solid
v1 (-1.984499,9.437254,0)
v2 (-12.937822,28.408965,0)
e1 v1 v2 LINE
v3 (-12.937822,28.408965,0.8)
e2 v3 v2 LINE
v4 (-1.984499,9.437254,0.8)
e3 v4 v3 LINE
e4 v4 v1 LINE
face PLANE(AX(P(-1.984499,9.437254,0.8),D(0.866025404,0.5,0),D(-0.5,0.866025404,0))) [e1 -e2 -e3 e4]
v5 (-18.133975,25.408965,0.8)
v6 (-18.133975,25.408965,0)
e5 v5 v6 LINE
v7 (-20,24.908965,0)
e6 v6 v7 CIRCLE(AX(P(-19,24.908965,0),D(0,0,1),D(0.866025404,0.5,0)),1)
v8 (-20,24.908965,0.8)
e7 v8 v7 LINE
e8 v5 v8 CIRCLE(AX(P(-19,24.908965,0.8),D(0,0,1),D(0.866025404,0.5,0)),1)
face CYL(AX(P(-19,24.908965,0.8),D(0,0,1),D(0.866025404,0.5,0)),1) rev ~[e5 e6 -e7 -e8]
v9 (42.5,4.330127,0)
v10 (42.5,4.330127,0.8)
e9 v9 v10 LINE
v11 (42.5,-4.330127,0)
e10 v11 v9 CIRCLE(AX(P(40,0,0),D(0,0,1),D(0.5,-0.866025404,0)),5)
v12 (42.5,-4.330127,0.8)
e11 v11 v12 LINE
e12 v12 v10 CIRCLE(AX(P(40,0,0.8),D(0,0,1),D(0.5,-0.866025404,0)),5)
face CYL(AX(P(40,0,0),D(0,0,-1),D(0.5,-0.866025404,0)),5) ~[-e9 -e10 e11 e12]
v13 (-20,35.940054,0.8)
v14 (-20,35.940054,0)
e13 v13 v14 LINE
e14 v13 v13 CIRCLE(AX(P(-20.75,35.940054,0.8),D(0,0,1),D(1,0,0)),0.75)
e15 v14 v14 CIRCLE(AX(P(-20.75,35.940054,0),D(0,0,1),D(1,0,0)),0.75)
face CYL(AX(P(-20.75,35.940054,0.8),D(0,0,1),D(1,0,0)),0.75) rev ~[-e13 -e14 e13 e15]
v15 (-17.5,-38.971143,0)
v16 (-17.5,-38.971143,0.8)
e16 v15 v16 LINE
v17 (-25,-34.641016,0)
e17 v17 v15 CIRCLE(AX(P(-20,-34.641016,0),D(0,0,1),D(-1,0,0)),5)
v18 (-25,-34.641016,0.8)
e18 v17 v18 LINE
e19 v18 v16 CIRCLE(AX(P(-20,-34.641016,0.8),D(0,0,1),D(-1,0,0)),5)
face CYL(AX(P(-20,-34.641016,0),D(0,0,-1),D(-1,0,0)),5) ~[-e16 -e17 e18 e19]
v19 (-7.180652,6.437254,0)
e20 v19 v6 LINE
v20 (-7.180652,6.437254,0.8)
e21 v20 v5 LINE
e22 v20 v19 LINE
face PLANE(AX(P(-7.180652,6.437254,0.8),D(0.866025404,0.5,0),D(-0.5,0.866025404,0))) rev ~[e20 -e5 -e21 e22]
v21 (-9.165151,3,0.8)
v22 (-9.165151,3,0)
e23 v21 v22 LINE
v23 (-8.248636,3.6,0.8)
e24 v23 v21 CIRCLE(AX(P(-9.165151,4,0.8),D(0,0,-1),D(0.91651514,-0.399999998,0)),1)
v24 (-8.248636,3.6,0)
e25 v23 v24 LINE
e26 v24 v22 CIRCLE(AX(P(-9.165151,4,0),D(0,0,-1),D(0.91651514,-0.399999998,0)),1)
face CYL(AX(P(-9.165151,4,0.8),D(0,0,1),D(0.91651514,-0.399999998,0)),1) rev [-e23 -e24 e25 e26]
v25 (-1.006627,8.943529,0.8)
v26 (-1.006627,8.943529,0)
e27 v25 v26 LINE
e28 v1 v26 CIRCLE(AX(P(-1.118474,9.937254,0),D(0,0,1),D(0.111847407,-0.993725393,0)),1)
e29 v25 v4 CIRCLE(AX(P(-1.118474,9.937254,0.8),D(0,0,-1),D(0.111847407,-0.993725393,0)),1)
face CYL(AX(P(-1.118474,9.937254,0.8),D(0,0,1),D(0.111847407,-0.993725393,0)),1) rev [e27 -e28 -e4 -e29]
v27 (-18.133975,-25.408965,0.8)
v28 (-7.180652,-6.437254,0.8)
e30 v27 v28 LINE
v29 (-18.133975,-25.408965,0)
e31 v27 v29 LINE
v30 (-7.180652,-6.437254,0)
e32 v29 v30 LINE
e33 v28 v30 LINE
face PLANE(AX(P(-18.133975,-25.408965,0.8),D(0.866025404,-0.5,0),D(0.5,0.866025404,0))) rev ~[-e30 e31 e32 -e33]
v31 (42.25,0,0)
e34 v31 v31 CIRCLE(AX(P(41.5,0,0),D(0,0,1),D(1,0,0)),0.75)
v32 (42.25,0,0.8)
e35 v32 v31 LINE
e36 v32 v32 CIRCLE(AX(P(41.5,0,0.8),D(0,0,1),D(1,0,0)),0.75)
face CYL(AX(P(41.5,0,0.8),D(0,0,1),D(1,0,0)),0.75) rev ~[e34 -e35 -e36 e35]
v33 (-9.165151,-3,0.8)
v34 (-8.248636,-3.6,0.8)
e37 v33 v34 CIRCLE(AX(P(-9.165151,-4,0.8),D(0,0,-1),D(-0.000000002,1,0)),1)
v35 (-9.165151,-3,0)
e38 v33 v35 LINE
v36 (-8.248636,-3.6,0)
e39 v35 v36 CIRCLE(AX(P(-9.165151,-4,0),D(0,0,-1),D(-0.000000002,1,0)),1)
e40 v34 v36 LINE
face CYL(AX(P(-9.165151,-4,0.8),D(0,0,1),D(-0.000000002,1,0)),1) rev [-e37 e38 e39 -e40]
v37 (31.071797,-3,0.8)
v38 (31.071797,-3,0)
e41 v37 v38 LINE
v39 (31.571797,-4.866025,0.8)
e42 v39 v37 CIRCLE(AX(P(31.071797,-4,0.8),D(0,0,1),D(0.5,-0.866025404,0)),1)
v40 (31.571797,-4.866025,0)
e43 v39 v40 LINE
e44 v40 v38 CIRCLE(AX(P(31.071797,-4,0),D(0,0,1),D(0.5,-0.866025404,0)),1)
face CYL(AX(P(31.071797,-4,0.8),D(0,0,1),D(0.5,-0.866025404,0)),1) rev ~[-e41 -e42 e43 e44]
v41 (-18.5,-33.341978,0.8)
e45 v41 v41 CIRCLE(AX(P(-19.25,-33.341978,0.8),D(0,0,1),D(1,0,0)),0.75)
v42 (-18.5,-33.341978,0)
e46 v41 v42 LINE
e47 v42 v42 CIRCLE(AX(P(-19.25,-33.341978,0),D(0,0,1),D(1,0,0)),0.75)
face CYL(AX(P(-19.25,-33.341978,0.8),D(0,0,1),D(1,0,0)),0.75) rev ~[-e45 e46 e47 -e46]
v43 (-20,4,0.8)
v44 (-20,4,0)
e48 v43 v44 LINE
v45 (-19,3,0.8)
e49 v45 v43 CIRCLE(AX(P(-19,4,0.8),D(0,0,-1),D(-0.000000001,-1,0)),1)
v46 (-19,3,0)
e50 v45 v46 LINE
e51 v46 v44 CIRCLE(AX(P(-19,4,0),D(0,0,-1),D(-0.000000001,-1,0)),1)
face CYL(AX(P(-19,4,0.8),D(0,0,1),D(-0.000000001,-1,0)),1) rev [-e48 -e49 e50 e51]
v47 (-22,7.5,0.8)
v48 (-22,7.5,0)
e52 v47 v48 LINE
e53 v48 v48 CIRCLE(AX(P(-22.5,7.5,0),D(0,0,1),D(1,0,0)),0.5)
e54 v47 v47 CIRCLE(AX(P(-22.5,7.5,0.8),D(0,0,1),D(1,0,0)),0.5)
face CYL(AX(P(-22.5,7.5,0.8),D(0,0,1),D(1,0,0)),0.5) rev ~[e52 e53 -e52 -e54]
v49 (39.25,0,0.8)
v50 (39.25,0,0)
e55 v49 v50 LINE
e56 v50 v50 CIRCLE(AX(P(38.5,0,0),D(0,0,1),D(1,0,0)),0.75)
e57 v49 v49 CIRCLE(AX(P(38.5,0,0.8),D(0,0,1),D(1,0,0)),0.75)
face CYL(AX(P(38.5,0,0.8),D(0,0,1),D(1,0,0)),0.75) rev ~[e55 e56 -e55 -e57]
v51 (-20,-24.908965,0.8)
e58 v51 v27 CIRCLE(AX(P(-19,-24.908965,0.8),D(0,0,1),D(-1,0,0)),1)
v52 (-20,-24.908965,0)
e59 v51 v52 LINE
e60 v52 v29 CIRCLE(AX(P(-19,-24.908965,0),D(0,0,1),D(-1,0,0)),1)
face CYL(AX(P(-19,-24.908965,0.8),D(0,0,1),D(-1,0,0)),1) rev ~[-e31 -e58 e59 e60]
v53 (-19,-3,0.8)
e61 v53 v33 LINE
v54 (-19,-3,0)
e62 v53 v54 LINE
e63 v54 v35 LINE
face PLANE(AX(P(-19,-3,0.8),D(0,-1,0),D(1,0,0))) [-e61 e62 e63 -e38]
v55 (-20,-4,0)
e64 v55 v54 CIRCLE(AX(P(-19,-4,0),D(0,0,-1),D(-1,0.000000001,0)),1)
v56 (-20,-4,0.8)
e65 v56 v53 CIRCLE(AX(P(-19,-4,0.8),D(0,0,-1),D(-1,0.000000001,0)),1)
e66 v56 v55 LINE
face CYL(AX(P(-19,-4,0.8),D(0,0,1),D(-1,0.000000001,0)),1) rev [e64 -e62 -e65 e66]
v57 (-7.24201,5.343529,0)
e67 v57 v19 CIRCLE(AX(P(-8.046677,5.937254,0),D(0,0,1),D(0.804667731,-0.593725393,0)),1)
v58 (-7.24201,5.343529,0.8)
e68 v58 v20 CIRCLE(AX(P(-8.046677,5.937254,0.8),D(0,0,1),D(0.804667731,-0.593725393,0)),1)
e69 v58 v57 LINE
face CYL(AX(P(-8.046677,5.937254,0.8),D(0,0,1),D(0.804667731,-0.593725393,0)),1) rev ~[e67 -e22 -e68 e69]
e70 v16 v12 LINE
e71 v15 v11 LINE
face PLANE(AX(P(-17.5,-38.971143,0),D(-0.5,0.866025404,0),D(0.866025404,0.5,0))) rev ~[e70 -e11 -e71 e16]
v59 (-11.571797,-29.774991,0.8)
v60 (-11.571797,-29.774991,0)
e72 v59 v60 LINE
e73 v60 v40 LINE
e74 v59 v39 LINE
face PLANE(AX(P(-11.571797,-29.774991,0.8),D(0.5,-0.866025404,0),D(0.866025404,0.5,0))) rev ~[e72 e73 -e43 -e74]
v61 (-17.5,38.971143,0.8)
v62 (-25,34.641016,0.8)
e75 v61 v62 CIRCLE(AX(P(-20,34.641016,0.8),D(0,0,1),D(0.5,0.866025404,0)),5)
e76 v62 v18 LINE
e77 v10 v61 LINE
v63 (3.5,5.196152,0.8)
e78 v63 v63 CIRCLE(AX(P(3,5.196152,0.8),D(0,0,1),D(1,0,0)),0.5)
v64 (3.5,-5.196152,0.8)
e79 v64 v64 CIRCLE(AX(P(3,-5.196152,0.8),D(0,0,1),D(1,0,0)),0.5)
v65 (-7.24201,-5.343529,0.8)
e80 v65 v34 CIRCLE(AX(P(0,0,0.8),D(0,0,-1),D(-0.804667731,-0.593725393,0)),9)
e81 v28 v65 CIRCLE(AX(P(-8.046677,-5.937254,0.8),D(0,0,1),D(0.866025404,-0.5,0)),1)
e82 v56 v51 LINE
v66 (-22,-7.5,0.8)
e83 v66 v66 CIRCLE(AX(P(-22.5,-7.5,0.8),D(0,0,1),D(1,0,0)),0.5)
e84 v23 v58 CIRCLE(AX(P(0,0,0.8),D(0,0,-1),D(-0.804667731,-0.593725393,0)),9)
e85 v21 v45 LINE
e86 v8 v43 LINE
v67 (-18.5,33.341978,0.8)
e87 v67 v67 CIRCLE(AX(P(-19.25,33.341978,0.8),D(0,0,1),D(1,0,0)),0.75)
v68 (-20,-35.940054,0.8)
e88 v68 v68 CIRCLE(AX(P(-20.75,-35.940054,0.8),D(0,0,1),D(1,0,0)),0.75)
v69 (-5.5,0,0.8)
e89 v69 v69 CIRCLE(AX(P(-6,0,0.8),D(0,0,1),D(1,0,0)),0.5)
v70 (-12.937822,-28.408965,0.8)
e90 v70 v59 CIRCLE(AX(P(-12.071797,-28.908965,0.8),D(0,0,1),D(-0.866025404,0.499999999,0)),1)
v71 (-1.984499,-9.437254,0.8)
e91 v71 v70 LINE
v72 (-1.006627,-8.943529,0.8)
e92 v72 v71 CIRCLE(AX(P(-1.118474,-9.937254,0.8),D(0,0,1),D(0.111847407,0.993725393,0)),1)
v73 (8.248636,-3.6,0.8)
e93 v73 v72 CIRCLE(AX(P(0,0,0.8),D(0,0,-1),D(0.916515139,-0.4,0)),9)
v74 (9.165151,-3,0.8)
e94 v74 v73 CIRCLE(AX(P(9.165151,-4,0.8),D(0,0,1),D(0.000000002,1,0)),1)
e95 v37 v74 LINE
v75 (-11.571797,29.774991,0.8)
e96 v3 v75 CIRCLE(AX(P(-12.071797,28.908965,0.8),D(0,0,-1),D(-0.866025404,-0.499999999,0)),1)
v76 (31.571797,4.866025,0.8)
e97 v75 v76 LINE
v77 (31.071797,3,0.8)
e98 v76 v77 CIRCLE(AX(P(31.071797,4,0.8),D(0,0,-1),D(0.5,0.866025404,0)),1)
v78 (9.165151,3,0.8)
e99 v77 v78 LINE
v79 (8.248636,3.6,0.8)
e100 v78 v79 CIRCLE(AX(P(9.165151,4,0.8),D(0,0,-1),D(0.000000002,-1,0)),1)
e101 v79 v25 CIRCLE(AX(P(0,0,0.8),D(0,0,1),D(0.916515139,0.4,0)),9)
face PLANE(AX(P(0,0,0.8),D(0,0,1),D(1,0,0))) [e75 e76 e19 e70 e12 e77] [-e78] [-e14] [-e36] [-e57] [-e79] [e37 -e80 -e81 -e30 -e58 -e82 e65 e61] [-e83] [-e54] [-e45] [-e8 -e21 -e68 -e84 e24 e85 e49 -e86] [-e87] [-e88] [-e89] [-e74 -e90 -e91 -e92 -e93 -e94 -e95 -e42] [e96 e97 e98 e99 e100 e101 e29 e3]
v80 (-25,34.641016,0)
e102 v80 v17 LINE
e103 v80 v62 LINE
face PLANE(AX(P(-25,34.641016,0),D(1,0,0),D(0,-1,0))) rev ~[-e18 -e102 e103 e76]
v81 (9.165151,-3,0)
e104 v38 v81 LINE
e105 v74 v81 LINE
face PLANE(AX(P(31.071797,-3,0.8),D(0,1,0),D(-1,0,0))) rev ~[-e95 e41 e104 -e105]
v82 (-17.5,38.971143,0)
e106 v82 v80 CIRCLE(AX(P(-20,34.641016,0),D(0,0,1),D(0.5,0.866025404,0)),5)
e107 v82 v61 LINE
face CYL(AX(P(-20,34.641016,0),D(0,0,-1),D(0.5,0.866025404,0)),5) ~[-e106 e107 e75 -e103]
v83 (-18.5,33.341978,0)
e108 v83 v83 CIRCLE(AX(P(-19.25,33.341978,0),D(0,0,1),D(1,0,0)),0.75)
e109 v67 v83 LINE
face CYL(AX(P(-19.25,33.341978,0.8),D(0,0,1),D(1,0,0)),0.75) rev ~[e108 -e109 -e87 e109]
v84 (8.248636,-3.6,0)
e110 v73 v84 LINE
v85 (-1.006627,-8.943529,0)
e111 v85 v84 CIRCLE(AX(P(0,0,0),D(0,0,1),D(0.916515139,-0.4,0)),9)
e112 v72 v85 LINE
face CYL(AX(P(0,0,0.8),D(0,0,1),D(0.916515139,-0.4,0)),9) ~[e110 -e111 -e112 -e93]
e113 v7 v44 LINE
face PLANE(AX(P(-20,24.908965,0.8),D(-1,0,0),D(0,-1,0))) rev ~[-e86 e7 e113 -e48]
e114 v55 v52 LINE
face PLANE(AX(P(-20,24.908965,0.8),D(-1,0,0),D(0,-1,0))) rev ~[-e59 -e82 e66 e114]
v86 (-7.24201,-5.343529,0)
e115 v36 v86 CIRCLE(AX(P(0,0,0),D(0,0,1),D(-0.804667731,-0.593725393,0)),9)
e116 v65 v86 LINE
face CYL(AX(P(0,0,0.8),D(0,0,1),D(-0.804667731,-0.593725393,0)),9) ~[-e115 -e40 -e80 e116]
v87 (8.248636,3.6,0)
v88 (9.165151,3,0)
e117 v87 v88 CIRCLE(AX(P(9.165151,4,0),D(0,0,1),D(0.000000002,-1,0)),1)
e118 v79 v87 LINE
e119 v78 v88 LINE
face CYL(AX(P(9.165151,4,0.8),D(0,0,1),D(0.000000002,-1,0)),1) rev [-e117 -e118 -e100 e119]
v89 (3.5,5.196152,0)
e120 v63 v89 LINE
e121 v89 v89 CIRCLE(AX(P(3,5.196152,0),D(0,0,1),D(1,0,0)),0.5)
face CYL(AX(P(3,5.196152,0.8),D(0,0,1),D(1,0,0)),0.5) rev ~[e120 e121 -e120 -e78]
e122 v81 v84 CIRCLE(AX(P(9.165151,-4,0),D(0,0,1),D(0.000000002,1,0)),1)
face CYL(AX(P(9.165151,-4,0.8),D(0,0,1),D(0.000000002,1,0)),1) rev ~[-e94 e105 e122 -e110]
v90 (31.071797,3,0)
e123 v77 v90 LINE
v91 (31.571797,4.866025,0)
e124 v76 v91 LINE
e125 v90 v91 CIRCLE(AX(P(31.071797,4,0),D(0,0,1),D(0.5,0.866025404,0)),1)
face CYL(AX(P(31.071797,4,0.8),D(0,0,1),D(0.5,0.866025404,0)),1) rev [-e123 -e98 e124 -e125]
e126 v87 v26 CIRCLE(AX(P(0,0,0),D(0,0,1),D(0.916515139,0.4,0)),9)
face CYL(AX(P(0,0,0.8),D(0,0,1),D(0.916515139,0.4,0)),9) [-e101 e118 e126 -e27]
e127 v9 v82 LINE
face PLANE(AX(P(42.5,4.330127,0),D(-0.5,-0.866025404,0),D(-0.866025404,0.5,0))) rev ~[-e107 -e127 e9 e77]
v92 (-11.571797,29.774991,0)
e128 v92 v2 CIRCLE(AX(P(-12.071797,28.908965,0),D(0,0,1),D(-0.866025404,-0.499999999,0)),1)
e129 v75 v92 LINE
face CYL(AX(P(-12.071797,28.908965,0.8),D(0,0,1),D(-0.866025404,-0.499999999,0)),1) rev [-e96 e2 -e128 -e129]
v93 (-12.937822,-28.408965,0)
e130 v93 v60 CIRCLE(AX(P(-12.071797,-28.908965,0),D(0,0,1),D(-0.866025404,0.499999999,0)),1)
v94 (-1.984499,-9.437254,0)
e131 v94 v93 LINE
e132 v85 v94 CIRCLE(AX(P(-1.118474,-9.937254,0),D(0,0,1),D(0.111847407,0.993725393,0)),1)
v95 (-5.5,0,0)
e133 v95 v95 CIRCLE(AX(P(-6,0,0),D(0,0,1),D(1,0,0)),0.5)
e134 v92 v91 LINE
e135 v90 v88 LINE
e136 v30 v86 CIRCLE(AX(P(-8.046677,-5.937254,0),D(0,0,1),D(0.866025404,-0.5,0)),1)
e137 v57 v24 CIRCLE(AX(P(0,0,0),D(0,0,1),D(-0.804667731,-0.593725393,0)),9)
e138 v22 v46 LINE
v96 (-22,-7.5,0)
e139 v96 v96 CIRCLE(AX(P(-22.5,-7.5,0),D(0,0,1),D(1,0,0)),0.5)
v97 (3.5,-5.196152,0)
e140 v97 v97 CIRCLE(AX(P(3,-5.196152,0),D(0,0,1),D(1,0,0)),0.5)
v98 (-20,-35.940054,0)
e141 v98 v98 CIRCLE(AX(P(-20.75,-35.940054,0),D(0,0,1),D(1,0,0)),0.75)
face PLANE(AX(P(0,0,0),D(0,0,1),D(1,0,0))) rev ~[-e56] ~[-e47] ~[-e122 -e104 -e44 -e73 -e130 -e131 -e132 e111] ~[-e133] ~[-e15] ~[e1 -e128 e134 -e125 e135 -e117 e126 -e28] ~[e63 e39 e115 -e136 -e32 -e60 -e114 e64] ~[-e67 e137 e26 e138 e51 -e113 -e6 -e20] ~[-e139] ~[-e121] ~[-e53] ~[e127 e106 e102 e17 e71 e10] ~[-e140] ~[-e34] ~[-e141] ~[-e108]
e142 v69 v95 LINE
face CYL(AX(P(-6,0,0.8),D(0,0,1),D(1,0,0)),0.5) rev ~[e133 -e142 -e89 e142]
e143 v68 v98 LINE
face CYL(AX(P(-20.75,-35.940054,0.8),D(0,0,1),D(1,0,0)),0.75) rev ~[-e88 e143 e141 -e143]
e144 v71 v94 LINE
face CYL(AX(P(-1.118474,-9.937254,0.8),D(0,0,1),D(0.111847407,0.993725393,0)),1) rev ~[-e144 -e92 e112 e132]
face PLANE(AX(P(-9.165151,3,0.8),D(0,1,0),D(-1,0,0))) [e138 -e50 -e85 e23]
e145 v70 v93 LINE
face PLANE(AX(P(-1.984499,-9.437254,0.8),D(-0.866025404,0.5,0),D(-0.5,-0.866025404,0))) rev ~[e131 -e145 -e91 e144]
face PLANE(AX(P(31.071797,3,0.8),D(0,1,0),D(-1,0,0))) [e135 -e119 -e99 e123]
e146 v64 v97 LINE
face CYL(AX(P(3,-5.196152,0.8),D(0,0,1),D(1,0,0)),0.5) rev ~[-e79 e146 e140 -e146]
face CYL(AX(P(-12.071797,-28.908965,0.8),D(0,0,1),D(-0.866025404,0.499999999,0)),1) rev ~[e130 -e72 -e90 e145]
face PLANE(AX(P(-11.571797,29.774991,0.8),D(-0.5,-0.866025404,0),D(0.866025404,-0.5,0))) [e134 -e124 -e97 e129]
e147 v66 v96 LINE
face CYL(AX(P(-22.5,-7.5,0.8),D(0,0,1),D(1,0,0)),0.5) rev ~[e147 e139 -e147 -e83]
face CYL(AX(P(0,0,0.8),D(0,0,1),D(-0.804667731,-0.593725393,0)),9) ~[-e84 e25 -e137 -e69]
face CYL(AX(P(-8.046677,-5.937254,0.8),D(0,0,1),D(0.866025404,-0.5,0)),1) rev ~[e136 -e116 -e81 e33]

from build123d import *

# Parameters (mm, degrees)
BOARD_DEPTH     = 0.8
CUT_DEPTH       = 60.975412975
HOLESSKE_R      = 0.5
HOLES_DEPTH     = 60.975412975
HOLES2SKE_R     = 0.75
HOLES2_DEPTH    = 60.975412975
HOLES3SKE_R     = 0.5
HOLES3_DEPTH    = 60.975412975
REINFORCE_START = 0.8
REINFORCE_DEPTH = 0.8


with BuildPart() as part:
    # BoardSke → Board (new body)
    with BuildSketch(Plane.XY):
        with BuildLine():
            Line((42.5, 4.330127019), (-17.5, 38.97114317))
            ThreePointArc((-17.5, 38.97114317), (-22.5, 38.97114317), (-25, 34.641016151))
            Line((-25, 34.641016151), (-25, -34.641016151))
            ThreePointArc((-25, -34.641016151), (-22.5, -38.97114317), (-17.5, -38.97114317))
            Line((-17.5, -38.97114317), (42.5, -4.330127019))
            ThreePointArc((42.5, -4.330127019), (45, 0), (42.5, 4.330127019))
        make_face()
    extrude(amount=BOARD_DEPTH)

    # CutSke → Cut (cut, through all)
    with BuildSketch(Plane.XY.offset(0.8)):
        with BuildLine():
            Line((31.07179677, 3), (9.16515139, 3))
            ThreePointArc((9.16515139, 3), (8.617428832, 3.163339973), (8.248636251, 3.6))
            ThreePointArc((8.248636251, 3.6), (4.5, 7.794228634), (-1.006626672, 8.94352854))
            ThreePointArc((-1.006626672, 8.94352854), (-1.569181638, 9.044582271), (-1.984499484, 9.437253933))
            Line((-1.984499484, 9.437253933), (-12.937822174, 28.408965344))
            ThreePointArc((-12.937822174, 28.408965344), (-12.778903551, 29.616072125), (-11.57179677, 29.774990748))
            Line((-11.57179677, 29.774990748), (31.57179677, 4.866025404))
            ThreePointArc((31.57179677, 4.866025404), (32.037722596, 3.741180955), (31.07179677, 3))
        make_face()
        with BuildLine():
            Line((31.07179677, -3), (9.16515139, -3))
            ThreePointArc((9.16515139, -3), (8.617428832, -3.163339973), (8.248636251, -3.6))
            ThreePointArc((8.248636251, -3.6), (4.5, -7.794228634), (-1.006626672, -8.94352854))
            ThreePointArc((-1.006626672, -8.94352854), (-1.569181638, -9.044582271), (-1.984499484, -9.437253933))
            Line((-1.984499484, -9.437253933), (-12.937822174, -28.408965344))
            ThreePointArc((-12.937822174, -28.408965344), (-12.778903551, -29.616072125), (-11.57179677, -29.774990748))
            Line((-11.57179677, -29.774990748), (31.57179677, -4.866025404))
            ThreePointArc((31.57179677, -4.866025404), (32.037722596, -3.741180955), (31.07179677, -3))
        make_face()
        with BuildLine():
            Line((-18.133974596, -25.408965344), (-7.180651906, -6.437253933))
            ThreePointArc((-7.180651906, -6.437253933), (-7.048247194, -5.881242297), (-7.242009579, -5.34352854))
            ThreePointArc((-7.242009579, -5.34352854), (-9, 0), (-7.242009579, 5.34352854))
            ThreePointArc((-7.242009579, 5.34352854), (-7.048247194, 5.881242297), (-7.180651906, 6.437253933))
            Line((-7.180651906, 6.437253933), (-18.133974596, 25.408965344))
            ThreePointArc((-18.133974596, 25.408965344), (-19.258819045, 25.87489117), (-20, 24.908965344))
            Line((-20, 24.908965344), (-20, -24.908965344))
            ThreePointArc((-20, -24.908965344), (-19.258819045, -25.87489117), (-18.133974596, -25.408965344))
        make_face()
    extrude(amount=-CUT_DEPTH, mode=Mode.SUBTRACT)

    # HolesSke → Holes (cut, through all)
    with BuildSketch(Plane.XY.offset(0.8)):
        with Locations((-6, 0)):
            Circle(HOLESSKE_R)
        with Locations((3, 5.196152423)):
            Circle(HOLESSKE_R)
        with Locations((3, -5.196152423)):
            Circle(HOLESSKE_R)
    extrude(amount=-HOLES_DEPTH, mode=Mode.SUBTRACT)

    # Holes2Ske → Holes2 (cut, through all)
    with BuildSketch(Plane.XY.offset(0.8)):
        with Locations((38.5, 0)):
            Circle(HOLES2SKE_R)
        with Locations((41.5, 0)):
            Circle(HOLES2SKE_R)
        with Locations((-19.25, -33.341978046)):
            Circle(HOLES2SKE_R)
        with Locations((-20.75, -35.940054257)):
            Circle(HOLES2SKE_R)
        with Locations((-19.25, 33.341978046)):
            Circle(HOLES2SKE_R)
        with Locations((-20.75, 35.940054257)):
            Circle(HOLES2SKE_R)
    extrude(amount=-HOLES2_DEPTH, mode=Mode.SUBTRACT)

    # Holes3Ske → Holes3 (cut, through all)
    with BuildSketch(Plane.XY.offset(0.8)):
        with Locations((-22.5, 7.5)):
            Circle(HOLES3SKE_R)
        with Locations((-22.5, -7.5)):
            Circle(HOLES3SKE_R)
    extrude(amount=-HOLES3_DEPTH, mode=Mode.SUBTRACT)

    # ReinforceSke → Reinforce (add)
    with BuildSketch(Plane.XY.offset(REINFORCE_START)):
        with BuildLine():
            Line((-9.16515139, 3), (-19, 3))
            ThreePointArc((-19, 3), (-19.707106781, 3.292893219), (-20, 4))
            Line((-20, 4), (-20, -4))
            ThreePointArc((-20, -4), (-19.707106781, -3.292893219), (-19, -3))
            Line((-19, -3), (-9.16515139, -3))
            ThreePointArc((-9.16515139, -3), (-8.617428832, -3.163339973), (-8.248636251, -3.6))
            ThreePointArc((-8.248636251, -3.6), (-9, 0), (-8.248636251, 3.6))
            ThreePointArc((-8.248636251, 3.6), (-8.617428832, 3.163339973), (-9.16515139, 3))
        make_face()
    extrude(amount=-REINFORCE_DEPTH)


solid = part.part
